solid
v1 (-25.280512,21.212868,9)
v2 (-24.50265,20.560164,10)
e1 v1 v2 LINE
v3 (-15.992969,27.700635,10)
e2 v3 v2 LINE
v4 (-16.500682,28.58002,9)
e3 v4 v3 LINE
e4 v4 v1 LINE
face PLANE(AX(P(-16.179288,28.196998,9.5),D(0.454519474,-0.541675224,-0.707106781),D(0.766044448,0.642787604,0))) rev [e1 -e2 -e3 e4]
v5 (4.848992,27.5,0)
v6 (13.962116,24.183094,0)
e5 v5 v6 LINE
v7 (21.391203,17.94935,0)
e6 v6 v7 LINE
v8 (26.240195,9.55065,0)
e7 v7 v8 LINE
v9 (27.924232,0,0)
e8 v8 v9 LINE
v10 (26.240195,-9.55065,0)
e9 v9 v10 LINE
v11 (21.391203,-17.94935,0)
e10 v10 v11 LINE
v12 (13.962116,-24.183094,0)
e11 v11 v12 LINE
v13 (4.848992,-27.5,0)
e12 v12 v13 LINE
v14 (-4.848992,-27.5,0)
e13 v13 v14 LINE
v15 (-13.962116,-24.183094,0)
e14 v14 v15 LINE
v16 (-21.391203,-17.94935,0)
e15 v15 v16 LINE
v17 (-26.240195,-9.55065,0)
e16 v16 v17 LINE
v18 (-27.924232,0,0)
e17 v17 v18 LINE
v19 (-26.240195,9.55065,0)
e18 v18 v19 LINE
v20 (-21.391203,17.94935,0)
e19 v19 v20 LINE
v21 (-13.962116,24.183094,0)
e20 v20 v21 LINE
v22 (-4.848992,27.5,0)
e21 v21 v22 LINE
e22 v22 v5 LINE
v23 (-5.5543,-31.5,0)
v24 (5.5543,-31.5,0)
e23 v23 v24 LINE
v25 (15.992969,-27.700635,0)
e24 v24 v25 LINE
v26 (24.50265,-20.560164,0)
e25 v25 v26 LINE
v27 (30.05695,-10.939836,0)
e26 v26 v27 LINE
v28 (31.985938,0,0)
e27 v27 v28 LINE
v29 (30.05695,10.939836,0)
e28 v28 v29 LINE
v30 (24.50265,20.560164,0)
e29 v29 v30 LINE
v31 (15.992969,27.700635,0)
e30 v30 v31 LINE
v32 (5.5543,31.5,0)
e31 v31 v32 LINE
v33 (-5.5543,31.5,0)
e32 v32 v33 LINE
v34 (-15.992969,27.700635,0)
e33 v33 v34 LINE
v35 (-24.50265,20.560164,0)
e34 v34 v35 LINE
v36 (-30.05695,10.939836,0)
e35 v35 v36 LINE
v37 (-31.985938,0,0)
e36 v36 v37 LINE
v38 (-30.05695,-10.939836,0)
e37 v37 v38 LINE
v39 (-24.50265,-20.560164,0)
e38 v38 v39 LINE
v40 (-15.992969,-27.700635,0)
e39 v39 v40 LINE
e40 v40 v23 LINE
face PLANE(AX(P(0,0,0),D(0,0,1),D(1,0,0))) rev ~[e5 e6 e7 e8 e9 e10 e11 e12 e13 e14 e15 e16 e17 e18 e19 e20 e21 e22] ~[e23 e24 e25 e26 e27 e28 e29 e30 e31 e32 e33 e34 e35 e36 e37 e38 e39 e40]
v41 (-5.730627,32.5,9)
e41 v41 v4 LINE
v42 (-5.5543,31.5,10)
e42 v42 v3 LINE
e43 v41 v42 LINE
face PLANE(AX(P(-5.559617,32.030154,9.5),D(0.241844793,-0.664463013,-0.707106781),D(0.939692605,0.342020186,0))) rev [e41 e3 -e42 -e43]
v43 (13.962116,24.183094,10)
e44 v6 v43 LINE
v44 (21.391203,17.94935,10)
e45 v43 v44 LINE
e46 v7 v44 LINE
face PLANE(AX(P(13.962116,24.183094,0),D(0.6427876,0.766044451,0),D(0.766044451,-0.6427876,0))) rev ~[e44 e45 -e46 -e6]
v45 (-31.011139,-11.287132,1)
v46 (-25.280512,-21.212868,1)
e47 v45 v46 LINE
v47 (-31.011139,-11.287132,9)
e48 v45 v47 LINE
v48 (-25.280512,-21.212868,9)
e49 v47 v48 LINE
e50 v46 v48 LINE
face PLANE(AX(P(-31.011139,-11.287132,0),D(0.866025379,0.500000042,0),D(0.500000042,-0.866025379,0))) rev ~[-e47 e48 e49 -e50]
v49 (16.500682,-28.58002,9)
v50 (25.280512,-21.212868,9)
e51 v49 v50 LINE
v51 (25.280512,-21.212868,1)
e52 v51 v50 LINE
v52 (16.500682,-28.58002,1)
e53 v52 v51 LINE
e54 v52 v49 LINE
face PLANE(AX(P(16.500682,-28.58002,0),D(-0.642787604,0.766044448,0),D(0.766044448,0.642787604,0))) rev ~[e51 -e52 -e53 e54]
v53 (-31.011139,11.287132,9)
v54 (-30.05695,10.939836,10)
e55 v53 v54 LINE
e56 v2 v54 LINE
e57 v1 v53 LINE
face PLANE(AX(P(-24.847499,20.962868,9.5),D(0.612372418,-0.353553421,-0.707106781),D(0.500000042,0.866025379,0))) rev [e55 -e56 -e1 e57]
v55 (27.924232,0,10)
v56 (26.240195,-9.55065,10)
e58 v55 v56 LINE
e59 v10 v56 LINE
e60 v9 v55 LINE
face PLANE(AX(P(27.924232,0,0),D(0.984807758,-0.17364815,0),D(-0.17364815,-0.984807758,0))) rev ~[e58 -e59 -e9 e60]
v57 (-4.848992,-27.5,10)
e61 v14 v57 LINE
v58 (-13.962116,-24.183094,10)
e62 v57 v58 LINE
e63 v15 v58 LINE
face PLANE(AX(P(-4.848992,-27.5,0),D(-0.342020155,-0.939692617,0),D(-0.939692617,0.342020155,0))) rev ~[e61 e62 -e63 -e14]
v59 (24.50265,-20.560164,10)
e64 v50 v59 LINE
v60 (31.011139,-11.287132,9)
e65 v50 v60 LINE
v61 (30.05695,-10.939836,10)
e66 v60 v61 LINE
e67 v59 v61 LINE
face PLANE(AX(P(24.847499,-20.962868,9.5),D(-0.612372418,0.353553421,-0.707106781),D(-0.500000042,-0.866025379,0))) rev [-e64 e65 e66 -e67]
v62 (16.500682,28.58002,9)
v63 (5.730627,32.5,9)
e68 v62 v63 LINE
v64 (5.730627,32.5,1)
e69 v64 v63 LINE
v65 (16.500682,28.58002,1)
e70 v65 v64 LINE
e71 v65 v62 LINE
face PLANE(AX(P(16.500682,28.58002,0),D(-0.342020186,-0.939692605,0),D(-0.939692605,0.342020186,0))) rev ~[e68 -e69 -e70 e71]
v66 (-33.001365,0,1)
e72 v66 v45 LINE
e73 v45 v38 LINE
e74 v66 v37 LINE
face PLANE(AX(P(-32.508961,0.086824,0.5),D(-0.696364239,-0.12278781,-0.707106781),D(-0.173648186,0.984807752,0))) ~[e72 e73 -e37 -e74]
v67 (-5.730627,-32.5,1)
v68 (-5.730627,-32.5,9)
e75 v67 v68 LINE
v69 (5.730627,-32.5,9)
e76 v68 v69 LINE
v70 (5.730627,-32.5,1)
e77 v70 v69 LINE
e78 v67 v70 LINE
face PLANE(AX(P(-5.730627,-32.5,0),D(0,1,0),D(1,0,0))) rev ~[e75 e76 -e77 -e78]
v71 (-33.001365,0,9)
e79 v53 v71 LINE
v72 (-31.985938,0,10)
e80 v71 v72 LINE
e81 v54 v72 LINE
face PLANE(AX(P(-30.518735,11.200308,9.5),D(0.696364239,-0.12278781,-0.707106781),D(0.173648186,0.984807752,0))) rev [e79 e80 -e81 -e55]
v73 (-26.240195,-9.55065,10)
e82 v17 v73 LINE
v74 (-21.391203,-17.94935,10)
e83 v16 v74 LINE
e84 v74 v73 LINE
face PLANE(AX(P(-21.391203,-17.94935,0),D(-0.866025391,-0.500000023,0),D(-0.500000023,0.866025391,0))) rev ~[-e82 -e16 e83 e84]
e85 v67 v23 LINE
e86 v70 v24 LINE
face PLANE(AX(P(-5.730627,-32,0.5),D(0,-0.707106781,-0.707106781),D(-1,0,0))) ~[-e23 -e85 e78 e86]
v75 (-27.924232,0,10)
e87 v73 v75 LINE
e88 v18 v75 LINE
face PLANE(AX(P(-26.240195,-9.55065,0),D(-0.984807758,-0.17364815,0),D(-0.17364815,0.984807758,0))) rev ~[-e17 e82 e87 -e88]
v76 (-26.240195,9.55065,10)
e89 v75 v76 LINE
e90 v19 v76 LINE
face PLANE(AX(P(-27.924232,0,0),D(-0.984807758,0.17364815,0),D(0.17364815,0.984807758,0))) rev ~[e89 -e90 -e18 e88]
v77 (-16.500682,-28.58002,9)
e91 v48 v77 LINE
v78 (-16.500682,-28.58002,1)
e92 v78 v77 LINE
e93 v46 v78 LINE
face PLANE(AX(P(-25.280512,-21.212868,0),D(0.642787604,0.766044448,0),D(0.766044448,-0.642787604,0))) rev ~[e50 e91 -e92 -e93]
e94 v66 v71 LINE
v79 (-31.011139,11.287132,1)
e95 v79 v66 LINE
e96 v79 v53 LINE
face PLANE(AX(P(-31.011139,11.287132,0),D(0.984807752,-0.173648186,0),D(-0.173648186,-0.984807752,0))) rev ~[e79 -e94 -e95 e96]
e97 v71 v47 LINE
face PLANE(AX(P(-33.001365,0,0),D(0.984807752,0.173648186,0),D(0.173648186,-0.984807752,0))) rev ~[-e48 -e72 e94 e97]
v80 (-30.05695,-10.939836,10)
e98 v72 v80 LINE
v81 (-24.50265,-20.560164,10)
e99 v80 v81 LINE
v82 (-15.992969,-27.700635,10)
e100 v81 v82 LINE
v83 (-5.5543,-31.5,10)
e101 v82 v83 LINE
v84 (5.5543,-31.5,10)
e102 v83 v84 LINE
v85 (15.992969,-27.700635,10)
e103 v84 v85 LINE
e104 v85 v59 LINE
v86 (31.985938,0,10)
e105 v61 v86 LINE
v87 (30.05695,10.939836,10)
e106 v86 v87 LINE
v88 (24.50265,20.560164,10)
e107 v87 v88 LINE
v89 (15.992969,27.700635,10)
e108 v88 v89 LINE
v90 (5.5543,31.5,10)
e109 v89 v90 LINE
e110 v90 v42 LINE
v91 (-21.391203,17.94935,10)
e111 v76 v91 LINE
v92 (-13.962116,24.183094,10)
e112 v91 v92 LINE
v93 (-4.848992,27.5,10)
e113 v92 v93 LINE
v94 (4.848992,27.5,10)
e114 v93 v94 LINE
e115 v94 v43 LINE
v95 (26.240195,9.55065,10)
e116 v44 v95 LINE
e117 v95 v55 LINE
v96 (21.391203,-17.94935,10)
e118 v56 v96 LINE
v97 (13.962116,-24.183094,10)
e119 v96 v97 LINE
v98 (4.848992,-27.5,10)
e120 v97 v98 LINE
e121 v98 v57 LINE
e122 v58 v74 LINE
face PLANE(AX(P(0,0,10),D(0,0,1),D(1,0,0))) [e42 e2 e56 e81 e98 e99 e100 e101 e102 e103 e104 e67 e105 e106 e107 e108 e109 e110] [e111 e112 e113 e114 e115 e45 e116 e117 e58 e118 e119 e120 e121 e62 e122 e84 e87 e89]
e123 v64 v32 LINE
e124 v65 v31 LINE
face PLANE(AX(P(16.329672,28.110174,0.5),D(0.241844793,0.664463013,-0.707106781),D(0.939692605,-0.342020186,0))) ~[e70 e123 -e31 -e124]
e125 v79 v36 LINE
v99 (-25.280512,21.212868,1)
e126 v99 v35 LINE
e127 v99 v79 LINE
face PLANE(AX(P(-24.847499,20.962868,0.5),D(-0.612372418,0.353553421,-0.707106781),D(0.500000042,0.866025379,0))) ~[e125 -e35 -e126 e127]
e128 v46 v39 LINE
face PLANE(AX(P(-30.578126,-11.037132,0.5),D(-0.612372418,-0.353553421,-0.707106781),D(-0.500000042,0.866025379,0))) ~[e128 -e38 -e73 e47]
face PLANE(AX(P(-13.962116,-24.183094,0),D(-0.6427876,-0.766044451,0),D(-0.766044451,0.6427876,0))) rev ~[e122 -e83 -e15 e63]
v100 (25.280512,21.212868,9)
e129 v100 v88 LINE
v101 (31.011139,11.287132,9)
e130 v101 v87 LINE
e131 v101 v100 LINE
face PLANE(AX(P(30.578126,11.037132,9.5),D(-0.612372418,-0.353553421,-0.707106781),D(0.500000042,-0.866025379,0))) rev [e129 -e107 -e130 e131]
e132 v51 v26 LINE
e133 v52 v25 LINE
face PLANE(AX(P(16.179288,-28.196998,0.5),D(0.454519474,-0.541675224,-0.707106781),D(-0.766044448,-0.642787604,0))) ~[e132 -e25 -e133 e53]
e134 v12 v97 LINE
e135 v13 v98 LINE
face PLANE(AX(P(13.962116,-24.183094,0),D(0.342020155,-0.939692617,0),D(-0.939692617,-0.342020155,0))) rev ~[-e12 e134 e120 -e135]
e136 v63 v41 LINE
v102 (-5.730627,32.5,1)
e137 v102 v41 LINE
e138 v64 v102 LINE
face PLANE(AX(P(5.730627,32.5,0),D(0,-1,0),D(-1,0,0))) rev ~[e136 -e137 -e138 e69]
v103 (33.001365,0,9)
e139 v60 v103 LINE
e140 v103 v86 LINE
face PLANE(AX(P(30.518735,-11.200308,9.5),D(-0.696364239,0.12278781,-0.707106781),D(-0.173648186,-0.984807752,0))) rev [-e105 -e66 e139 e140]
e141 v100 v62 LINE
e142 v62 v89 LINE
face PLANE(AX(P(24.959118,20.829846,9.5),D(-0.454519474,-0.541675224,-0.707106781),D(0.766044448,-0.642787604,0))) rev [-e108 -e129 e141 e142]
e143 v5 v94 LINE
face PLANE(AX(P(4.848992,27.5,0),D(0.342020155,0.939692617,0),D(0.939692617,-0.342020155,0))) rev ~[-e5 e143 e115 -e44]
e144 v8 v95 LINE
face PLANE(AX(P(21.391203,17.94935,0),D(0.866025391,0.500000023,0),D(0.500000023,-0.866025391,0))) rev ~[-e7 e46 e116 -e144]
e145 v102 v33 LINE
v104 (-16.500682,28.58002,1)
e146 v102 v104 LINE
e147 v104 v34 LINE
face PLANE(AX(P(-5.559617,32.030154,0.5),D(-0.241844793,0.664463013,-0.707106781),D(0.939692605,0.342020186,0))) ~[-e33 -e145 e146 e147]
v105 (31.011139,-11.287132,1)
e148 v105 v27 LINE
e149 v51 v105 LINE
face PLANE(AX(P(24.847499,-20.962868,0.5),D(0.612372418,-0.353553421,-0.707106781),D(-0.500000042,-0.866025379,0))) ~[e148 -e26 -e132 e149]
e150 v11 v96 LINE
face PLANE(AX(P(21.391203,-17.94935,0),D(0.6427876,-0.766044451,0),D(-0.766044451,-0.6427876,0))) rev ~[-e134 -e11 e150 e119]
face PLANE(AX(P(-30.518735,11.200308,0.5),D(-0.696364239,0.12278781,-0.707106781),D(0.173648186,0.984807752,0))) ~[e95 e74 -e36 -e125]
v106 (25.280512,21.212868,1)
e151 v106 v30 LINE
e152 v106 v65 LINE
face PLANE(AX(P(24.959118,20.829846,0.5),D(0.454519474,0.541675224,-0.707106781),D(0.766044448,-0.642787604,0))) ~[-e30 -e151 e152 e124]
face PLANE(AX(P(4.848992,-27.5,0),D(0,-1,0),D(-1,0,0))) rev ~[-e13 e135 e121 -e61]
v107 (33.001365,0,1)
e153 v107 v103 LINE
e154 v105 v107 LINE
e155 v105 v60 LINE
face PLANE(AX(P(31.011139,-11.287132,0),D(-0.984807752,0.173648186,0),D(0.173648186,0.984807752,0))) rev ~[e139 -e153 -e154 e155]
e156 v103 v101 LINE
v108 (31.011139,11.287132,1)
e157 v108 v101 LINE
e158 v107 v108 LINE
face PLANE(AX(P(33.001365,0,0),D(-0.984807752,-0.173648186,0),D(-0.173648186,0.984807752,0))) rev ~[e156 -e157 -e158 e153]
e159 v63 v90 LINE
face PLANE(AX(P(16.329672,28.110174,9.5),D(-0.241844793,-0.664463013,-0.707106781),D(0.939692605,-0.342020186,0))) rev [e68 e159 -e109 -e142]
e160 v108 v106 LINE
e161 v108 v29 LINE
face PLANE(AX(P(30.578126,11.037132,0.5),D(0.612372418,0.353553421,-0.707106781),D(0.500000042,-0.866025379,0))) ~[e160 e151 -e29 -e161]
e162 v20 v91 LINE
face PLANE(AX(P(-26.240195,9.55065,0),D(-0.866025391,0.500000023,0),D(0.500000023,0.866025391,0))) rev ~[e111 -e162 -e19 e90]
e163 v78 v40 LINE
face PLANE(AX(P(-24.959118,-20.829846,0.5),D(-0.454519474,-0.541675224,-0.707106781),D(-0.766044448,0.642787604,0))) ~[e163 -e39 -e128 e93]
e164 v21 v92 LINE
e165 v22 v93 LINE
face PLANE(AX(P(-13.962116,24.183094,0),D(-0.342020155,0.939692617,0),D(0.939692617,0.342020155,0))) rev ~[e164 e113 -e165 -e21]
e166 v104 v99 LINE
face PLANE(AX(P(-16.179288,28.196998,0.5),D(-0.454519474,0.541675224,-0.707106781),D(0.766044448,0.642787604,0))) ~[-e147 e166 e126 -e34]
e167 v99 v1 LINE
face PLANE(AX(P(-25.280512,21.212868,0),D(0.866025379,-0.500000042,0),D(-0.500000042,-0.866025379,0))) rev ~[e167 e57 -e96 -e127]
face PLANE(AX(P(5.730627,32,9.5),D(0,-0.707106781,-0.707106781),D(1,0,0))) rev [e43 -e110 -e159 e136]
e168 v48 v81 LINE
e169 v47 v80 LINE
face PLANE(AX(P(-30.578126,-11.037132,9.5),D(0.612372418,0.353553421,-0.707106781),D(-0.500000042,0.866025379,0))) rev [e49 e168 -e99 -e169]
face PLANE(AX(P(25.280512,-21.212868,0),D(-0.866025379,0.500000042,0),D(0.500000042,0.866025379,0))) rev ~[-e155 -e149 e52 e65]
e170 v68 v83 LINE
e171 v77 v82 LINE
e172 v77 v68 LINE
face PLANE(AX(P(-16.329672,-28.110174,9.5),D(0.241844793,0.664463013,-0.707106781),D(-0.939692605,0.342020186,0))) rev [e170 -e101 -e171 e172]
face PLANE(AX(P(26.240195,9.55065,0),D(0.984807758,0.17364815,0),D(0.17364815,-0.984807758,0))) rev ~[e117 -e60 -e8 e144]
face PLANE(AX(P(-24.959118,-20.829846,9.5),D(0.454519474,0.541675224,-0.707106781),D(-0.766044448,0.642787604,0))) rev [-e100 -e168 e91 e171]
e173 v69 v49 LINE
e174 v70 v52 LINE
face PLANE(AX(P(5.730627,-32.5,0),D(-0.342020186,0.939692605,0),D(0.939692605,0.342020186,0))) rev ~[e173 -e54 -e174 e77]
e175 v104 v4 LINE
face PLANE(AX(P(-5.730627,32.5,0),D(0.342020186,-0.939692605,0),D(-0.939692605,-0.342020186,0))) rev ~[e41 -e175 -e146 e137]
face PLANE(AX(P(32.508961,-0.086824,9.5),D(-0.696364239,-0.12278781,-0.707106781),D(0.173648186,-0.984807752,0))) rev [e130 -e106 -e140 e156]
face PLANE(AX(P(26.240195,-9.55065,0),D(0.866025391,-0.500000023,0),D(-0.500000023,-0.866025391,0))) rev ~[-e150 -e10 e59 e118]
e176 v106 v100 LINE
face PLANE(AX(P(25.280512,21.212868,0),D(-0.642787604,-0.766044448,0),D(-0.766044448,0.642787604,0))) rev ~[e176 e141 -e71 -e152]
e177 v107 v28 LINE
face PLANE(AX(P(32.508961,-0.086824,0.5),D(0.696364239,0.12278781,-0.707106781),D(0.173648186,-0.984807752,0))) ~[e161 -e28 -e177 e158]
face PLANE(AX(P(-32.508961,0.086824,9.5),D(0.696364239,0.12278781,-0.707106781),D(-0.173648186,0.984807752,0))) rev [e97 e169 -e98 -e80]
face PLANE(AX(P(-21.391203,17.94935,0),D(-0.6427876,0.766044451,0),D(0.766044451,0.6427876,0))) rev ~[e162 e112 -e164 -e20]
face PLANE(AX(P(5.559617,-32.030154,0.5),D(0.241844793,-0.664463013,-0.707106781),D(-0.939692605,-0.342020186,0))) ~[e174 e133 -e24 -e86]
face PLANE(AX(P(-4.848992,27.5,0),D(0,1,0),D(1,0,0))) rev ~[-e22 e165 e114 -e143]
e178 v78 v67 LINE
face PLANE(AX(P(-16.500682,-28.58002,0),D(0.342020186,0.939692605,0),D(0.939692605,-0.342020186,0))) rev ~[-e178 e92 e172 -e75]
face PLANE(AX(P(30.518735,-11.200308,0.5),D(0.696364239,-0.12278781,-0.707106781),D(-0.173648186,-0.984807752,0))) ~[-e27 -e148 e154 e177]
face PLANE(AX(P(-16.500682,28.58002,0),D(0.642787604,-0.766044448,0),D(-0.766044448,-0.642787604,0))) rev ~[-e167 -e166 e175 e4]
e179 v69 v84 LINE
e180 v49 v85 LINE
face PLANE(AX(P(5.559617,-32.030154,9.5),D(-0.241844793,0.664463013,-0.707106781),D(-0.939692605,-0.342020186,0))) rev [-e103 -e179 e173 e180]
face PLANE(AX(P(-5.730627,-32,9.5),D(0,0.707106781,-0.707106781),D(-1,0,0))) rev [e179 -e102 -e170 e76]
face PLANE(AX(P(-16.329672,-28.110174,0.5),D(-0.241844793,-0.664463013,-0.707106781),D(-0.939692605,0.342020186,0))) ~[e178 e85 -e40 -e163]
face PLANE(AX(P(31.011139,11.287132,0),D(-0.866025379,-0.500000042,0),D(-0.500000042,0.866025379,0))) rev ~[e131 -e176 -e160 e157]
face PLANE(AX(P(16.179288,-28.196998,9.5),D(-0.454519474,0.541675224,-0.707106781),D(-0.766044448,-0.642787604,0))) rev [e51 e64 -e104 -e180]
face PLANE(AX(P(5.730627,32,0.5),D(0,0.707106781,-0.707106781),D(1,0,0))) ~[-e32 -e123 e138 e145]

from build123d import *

# Parameters (mm, degrees)
F1_DEPTH = 10
F2_SIZE  = 1


with BuildPart() as f1:
    # F0 (on Top) → F1 (new body)
    with BuildSketch(Plane.XY):
        Polygon((5.730627, 32.5), (-5.730627, 32.5), (-16.500682, 28.58002), (-25.280512, 21.212868), (-31.011139, 11.287132), (-33.001365, 0), (-31.011139, -11.287132), (-25.280512, -21.212868), (-16.500682, -28.58002), (-5.730627, -32.5), (5.730627, -32.5), (16.500682, -28.58002), (25.280512, -21.212868), (31.011139, -11.287132), (33.001365, 0), (31.011139, 11.287132), (25.280512, 21.212868), (16.500682, 28.58002), align=None)
        Polygon((-13.962116, 24.183094), (-4.848992, 27.5), (4.848992, 27.5), (13.962116, 24.183094), (21.391203, 17.94935), (26.240195, 9.55065), (27.924232, 0), (26.240195, -9.55065), (21.391203, -17.94935), (13.962116, -24.183094), (4.848992, -27.5), (-4.848992, -27.5), (-13.962116, -24.183094), (-21.391203, -17.94935), (-26.240195, -9.55065), (-27.924232, 0), (-26.240195, 9.55065), (-21.391203, 17.94935), align=None, mode=Mode.SUBTRACT)
    extrude(amount=F1_DEPTH)

    # F2
    f2_edges = [f1.edges().sort_by_distance(p)[0] for p in [
        (-20.890597, 24.896444, 10),
        (-11.115655, 30.54001, 10),
        (0, 32.5, 10),
        (11.115655, 30.54001, 10),
        (20.890597, 24.896444, 10),
        (28.145826, 16.25, 10),
        (32.006252, 5.643566, 10),
        (32.006252, -5.643566, 10),
        (28.145826, -16.25, 10),
        (20.890597, -24.896444, 10),
        (11.115655, -30.54001, 10),
        (0, -32.5, 10),
        (-11.115655, -30.54001, 10),
        (-20.890597, -24.896444, 10),
        (-28.145826, -16.25, 10),
        (-32.006252, -5.643566, 10),
        (-32.006252, 5.643566, 10),
        (-28.145826, 16.25, 10),
        (-32.006252, 5.643566, 0),
        (-28.145826, 16.25, 0),
        (-20.890597, 24.896444, 0),
        (-11.115655, 30.54001, 0),
        (-32.006252, -5.643566, 0),
        (-28.145826, -16.25, 0),
        (-20.890597, -24.896444, 0),
        (-11.115655, -30.54001, 0),
        (0, -32.5, 0),
        (11.115655, -30.54001, 0),
        (20.890597, -24.896444, 0),
        (28.145826, -16.25, 0),
        (32.006252, -5.643566, 0),
        (32.006252, 5.643566, 0),
        (28.145826, 16.25, 0),
        (20.890597, 24.896444, 0),
        (11.115655, 30.54001, 0),
        (0, 32.5, 0),
    ]]
    chamfer(f2_edges, length=F2_SIZE)


solid = f1.part
